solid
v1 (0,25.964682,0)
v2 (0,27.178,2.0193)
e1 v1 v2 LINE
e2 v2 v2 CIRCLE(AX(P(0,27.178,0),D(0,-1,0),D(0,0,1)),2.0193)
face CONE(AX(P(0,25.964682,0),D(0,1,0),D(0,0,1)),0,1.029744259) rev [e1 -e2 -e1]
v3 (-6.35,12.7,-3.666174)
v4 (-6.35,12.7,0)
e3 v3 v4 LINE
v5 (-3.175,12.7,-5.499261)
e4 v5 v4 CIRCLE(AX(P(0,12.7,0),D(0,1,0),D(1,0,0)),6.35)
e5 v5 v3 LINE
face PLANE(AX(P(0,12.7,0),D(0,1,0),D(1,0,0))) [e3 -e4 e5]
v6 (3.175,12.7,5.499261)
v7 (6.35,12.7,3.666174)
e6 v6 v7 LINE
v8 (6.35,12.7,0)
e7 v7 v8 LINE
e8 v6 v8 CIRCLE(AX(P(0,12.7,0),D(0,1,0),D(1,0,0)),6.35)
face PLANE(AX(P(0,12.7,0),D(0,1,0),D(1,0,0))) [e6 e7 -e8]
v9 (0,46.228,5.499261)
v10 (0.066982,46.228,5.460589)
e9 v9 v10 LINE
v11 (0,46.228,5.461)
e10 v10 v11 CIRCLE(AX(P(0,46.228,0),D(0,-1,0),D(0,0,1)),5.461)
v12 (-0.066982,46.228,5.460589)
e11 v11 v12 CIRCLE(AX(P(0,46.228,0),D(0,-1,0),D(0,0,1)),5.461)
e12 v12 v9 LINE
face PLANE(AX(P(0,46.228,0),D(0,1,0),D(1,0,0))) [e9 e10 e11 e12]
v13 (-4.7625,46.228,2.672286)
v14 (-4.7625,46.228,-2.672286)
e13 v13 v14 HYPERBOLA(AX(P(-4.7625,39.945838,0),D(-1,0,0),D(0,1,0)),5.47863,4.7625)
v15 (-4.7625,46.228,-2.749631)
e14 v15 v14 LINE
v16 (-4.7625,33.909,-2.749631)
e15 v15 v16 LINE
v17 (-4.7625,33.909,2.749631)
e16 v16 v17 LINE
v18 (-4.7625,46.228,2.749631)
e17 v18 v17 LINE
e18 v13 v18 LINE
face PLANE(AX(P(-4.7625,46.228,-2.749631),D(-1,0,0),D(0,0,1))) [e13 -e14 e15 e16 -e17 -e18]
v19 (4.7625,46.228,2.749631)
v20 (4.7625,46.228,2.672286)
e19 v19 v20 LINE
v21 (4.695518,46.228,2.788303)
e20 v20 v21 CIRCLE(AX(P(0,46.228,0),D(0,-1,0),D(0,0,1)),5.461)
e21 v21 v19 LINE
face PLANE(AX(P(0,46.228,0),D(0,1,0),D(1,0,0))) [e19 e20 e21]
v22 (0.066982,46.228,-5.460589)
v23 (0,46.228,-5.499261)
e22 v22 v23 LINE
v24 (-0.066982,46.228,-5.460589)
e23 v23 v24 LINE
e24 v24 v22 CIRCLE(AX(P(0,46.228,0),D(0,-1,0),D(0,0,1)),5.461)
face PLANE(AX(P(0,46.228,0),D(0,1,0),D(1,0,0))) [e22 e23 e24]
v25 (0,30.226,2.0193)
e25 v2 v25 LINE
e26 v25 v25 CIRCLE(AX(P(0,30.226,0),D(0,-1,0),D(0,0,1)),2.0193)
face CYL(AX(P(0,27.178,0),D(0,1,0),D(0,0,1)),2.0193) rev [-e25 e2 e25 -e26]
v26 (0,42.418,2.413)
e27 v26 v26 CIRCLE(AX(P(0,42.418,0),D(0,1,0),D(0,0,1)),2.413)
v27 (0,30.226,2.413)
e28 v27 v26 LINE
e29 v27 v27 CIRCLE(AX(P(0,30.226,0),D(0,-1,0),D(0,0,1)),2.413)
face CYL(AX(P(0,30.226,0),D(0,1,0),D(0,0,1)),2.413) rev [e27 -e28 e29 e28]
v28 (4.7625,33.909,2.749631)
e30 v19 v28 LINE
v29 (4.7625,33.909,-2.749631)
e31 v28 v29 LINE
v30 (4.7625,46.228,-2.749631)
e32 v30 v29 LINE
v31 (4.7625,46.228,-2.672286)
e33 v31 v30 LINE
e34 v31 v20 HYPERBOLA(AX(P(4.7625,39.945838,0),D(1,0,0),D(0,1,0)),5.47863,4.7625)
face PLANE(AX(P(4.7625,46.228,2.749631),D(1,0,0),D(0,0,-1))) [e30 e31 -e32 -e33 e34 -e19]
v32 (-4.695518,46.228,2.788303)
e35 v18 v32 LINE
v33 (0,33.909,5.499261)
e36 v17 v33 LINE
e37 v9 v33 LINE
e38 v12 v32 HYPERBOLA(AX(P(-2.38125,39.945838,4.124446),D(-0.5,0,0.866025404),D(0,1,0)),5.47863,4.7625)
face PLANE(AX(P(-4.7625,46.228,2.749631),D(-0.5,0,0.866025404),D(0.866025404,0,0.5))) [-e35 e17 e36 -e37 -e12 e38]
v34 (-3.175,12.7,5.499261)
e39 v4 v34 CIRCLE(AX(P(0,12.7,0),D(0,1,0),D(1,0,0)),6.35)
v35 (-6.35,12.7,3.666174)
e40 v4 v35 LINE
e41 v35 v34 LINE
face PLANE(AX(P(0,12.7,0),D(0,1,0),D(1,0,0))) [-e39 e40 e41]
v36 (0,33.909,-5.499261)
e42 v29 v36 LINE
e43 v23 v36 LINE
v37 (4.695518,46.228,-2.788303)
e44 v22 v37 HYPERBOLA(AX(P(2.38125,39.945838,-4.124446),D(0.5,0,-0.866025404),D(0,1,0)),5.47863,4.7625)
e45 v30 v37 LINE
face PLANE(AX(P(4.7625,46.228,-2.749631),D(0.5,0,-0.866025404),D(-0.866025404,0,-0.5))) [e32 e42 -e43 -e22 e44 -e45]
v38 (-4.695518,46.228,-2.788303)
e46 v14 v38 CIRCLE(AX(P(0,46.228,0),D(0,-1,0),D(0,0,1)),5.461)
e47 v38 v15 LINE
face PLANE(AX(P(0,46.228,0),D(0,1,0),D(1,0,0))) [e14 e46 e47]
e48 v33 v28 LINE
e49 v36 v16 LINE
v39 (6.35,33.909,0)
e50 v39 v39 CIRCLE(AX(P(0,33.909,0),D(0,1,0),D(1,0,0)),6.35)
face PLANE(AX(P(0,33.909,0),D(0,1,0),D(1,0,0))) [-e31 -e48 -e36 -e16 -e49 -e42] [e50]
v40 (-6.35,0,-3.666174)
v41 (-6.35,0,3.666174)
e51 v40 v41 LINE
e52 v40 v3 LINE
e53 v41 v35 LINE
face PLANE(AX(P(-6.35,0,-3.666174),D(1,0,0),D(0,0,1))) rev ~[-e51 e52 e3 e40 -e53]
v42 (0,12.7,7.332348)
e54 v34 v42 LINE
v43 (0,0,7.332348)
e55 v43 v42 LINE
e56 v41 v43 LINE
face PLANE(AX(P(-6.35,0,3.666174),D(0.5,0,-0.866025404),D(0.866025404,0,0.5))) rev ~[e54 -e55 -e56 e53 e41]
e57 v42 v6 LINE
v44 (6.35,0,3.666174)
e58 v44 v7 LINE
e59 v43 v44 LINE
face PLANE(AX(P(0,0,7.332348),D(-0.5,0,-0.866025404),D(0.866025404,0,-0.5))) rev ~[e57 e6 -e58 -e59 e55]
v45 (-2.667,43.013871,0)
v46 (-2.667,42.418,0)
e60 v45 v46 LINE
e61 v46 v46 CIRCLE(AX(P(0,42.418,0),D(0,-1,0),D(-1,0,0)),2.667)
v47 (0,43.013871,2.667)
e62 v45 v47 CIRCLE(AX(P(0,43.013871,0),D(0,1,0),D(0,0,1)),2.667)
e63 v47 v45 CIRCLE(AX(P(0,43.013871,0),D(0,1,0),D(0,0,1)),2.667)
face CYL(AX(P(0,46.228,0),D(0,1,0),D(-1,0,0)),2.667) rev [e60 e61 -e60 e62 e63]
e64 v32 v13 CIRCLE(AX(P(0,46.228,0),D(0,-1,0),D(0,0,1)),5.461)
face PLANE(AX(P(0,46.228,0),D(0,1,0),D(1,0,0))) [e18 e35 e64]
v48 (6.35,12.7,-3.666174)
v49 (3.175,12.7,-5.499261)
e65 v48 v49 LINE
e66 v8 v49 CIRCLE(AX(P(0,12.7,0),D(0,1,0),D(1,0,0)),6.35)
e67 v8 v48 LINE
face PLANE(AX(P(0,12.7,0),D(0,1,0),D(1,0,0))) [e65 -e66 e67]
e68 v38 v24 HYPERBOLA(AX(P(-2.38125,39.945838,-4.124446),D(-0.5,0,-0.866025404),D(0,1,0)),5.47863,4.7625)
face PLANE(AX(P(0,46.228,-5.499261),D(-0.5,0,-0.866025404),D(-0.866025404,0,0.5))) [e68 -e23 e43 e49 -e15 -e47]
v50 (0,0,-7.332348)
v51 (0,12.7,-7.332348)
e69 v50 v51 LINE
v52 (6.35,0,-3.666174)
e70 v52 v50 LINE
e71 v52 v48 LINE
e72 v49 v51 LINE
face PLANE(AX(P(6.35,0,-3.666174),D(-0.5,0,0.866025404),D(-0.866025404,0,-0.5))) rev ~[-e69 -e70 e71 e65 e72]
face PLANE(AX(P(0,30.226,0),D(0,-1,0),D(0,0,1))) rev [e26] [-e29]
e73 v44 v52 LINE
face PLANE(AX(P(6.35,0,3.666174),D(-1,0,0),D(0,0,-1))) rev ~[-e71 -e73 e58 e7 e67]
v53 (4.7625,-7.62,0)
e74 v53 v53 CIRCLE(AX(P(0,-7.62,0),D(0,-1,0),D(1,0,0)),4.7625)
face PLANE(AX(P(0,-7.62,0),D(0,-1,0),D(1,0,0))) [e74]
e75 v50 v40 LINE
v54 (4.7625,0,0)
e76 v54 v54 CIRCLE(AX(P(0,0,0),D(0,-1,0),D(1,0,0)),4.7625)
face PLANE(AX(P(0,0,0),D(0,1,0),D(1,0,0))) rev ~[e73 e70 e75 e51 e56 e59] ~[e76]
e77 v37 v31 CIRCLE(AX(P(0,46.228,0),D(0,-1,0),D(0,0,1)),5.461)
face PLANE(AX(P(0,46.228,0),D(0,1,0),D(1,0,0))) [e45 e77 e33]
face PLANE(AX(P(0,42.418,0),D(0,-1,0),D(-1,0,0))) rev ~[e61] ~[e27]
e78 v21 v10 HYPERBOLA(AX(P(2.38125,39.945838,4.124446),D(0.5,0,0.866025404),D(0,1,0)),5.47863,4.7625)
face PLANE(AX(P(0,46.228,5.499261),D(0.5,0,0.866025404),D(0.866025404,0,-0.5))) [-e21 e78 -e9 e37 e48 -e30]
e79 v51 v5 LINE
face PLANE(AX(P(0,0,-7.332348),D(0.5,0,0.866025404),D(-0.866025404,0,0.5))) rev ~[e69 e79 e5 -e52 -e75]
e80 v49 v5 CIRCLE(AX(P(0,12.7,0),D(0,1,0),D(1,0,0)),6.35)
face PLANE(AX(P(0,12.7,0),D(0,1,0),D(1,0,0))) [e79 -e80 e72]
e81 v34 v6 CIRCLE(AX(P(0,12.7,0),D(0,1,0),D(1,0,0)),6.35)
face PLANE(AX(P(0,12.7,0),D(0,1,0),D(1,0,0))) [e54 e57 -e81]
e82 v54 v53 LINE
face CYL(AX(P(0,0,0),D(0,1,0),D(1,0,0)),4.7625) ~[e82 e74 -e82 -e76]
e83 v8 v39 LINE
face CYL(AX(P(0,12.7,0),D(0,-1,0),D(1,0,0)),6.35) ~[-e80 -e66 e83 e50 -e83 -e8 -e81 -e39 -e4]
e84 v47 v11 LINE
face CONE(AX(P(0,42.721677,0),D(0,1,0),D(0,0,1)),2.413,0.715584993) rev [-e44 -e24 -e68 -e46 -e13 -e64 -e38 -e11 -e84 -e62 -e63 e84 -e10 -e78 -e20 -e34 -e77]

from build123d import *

# Parameters (mm, degrees)
BOSS_EXTRUDE1_DEPTH = 12.7
SKETCH2_R           = 4.7625
BOSS_EXTRUDE2_DEPTH = 7.62
SKETCH3_R           = 6.35
BOSS_EXTRUDE3_DEPTH = 33.528
CUT_EXTRUDE3_START  = -12.319
SKETCH8_R           = 6.35
CUT_EXTRUDE3_DEPTH  = 12.319
SKETCH9_R           = 2.667
CUT_EXTRUDE4_DEPTH  = 3.81


with BuildPart() as part:
    # Sketch1 → Boss-Extrude1 (new body)
    with BuildSketch(Plane(origin=(0, 0, 0), x_dir=(1, 0, 0), z_dir=(0, 1, 0))):
        Polygon((6.35, -3.666174209), (6.35, 3.666174209), (0, 7.332348419), (-6.35, 3.666174209), (-6.35, -3.666174209), (0, -7.332348419), align=None)
    extrude(amount=BOSS_EXTRUDE1_DEPTH)

    # Sketch2 → Boss-Extrude2 (add)
    with BuildSketch(Plane.XZ):
        Circle(SKETCH2_R)
    extrude(amount=BOSS_EXTRUDE2_DEPTH)

    # Sketch3 → Boss-Extrude3 (add)
    with BuildSketch(Plane(origin=(0, 12.7, 0), x_dir=(1, 0, 0), z_dir=(0, 1, 0))):
        Circle(SKETCH3_R)
    extrude(amount=BOSS_EXTRUDE3_DEPTH)

    # Sketch6 → Tapped Hole1 (revolve, cut)
    with BuildSketch(Plane(origin=(0, 46.228, 0), x_dir=(0, 0, 1), z_dir=(1, 0, 0))):
        Polygon((0, 0), (0, 20.263317848), (2.0193, 19.05), (2.0193, 16.002), (2.413, 16.002), (2.413, 3.506322905), (5.461, 0), align=None)
    revolve(axis=Axis((0, 52.578, 0), (0, -1, 0)), mode=Mode.SUBTRACT)

    # Sketch8 → Cut-Extrude3 (cut)
    with BuildSketch(Plane(origin=(0, 46.228, 0), x_dir=(1, 0, 0), z_dir=(0, 1, 0)).offset(CUT_EXTRUDE3_START)):
        Circle(SKETCH8_R)
        Polygon((-4.7625, -2.749630657), (0, -5.499261314), (4.7625, -2.749630657), (4.7625, 2.749630657), (0, 5.499261314), (-4.7625, 2.749630657), align=None, mode=Mode.SUBTRACT)
    extrude(amount=CUT_EXTRUDE3_DEPTH, mode=Mode.SUBTRACT)

    # Sketch9 → Cut-Extrude4 (cut)
    with BuildSketch(Plane(origin=(0, 46.228, 0), x_dir=(-1, 0, 0), z_dir=(0, -1, 0))):
        Circle(SKETCH9_R)
    extrude(amount=CUT_EXTRUDE4_DEPTH, mode=Mode.SUBTRACT)


solid = part.part
